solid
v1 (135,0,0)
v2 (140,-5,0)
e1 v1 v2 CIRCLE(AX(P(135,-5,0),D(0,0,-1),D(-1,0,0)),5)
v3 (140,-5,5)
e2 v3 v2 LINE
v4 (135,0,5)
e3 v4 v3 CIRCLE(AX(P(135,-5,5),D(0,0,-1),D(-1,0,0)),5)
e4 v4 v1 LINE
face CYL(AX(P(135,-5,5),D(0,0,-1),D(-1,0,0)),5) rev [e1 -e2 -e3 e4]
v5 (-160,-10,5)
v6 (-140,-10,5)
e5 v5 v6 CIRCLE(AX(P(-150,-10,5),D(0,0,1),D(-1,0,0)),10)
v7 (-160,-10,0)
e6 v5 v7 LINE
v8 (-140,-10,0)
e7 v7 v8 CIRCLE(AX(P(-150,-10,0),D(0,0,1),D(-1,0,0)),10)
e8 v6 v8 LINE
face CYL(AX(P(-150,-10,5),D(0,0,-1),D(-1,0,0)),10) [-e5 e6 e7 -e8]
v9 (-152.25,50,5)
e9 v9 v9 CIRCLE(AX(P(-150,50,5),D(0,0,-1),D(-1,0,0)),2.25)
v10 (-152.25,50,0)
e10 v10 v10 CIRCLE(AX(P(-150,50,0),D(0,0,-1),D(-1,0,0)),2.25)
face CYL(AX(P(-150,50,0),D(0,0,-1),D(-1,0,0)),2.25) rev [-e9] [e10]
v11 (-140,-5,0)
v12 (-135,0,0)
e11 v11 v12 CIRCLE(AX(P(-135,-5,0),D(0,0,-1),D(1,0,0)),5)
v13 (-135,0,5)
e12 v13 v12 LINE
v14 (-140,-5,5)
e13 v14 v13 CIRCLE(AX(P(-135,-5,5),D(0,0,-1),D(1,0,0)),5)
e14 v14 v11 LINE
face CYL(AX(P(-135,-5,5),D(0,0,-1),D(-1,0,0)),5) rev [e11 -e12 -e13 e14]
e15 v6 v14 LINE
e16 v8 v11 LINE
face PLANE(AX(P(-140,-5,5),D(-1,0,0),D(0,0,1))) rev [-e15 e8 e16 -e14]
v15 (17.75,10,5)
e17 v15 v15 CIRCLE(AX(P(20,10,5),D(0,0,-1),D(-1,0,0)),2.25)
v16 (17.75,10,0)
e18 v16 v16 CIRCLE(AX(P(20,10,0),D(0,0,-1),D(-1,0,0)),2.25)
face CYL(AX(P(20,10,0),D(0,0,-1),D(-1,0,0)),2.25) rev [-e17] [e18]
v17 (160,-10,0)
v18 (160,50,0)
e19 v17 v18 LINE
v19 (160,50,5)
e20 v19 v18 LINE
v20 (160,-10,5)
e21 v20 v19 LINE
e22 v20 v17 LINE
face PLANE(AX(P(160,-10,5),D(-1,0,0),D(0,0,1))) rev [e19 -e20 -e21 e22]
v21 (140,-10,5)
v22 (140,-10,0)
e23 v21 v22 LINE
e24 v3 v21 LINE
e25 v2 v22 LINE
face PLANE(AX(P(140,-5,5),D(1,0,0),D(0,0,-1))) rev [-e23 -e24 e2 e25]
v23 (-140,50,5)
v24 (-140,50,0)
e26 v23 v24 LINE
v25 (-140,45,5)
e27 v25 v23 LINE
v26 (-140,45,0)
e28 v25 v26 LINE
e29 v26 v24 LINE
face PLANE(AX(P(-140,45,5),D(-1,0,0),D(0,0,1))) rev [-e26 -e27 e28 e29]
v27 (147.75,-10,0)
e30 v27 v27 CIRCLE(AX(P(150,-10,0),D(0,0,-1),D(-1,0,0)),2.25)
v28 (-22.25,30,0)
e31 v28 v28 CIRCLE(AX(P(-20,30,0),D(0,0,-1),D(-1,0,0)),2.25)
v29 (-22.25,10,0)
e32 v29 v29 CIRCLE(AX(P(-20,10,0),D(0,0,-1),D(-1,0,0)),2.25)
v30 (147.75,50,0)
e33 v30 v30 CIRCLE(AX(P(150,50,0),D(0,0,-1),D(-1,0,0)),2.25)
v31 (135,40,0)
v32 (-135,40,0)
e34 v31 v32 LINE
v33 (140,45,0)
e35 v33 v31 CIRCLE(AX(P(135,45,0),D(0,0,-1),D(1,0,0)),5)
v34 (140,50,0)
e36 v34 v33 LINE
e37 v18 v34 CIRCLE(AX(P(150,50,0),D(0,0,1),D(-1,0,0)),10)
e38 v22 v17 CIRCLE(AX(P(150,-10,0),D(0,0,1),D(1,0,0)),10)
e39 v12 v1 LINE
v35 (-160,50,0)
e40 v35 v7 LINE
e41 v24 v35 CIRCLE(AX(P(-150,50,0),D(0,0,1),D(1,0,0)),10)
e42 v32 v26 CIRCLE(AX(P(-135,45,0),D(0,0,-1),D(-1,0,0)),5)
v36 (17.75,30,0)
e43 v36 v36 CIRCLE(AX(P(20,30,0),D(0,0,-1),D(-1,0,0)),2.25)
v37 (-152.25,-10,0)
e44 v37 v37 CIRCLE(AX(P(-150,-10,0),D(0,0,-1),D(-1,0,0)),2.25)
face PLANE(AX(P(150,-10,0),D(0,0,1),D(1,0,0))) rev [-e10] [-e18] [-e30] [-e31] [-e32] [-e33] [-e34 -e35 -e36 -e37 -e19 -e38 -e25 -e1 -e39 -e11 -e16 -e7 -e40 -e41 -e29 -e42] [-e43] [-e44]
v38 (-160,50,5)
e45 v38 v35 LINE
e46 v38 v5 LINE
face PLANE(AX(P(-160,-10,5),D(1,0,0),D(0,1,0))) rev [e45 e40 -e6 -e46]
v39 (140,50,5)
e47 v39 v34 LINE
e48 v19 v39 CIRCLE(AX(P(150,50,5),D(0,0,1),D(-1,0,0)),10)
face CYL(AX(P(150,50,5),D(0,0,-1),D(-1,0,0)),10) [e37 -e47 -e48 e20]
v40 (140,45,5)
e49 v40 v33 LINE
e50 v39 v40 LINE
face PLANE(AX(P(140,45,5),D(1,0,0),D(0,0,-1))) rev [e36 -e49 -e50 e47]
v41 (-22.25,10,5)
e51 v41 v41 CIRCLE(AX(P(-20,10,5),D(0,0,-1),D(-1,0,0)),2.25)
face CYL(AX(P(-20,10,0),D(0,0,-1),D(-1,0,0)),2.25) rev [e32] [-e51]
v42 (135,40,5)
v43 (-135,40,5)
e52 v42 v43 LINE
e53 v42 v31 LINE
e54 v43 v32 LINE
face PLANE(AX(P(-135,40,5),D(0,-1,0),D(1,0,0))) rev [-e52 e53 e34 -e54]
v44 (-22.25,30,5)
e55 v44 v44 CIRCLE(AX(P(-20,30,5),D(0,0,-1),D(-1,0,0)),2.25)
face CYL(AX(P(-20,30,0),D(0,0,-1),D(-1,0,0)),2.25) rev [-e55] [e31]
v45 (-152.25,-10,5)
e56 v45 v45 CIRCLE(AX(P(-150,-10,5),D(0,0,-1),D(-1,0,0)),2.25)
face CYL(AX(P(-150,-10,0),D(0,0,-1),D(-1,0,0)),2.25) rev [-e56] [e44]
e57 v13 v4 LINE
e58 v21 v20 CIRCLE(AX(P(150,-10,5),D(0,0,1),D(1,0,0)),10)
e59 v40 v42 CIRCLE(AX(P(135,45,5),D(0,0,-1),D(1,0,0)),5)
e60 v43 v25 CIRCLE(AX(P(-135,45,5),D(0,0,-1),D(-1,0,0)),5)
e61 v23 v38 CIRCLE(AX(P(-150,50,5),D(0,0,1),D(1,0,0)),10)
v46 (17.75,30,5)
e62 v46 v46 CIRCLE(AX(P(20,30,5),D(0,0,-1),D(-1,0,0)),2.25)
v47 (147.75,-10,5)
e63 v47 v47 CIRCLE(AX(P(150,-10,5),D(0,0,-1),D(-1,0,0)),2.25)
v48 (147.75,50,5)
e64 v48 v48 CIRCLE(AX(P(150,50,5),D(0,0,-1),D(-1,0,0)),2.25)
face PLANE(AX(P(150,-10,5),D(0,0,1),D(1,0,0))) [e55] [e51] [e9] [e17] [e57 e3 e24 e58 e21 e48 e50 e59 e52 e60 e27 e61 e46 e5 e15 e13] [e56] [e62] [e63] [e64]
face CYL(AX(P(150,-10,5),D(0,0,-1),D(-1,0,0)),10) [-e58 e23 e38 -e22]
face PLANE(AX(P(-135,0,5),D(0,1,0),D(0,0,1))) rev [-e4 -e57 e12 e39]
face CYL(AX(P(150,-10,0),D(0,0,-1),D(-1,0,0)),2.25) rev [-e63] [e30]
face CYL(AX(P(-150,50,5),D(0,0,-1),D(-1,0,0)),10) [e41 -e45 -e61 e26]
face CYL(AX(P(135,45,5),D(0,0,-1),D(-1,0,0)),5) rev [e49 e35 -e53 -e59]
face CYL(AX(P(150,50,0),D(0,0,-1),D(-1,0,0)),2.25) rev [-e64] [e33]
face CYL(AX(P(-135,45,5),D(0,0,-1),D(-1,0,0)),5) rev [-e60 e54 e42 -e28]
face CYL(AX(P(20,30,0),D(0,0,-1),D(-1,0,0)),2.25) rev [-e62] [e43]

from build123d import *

# Parameters (mm, degrees)
BOSS_EXTRU_1_DEPTH = 5
D_GAGEMENT_M41_D   = 4.5
D_GAGEMENT_M42_D   = 4.5


with BuildPart() as part:
    # Esquisse1 → Boss.-Extru.1 (new body)
    with BuildSketch(Plane.XY):
        with BuildLine():
            Line((-135, 0), (135, 0))
            ThreePointArc((135, 0), (138.535533906, -1.464466094), (140, -5))
            Line((140, -5), (140, -10))
            ThreePointArc((140, -10), (150, -20), (160, -10))
            Line((160, -10), (160, 50))
            ThreePointArc((160, 50), (150, 60), (140, 50))
            Line((140, 50), (140, 45))
            ThreePointArc((140, 45), (138.535533906, 41.464466094), (135, 40))
            Line((135, 40), (-135, 40))
            ThreePointArc((-135, 40), (-138.535533906, 41.464466094), (-140, 45))
            Line((-140, 45), (-140, 50))
            ThreePointArc((-140, 50), (-150, 60), (-160, 50))
            Line((-160, 50), (-160, -10))
            ThreePointArc((-160, -10), (-150, -20), (-140, -10))
            Line((-140, -10), (-140, -5))
            ThreePointArc((-140, -5), (-138.535533906, -1.464466094), (-135, 0))
        make_face()
    extrude(amount=BOSS_EXTRU_1_DEPTH)

    # Dégagement M41 (through all)
    with Locations(Plane(origin=(0, 0, 0), x_dir=(-1, 0, 0), z_dir=(0, 0, -1))):
        with Locations((-150, -10), (150, 50), (150, -10), (-150, 50)):
            Hole(D_GAGEMENT_M41_D / 2)

    # Dégagement M42 (through all)
    with Locations(Plane(origin=(0, 0, 0), x_dir=(-1, 0, 0), z_dir=(0, 0, -1))):
        with Locations((20, 10), (-20, 10), (-20, 30), (20, 30)):
            Hole(D_GAGEMENT_M42_D / 2)


solid = part.part
